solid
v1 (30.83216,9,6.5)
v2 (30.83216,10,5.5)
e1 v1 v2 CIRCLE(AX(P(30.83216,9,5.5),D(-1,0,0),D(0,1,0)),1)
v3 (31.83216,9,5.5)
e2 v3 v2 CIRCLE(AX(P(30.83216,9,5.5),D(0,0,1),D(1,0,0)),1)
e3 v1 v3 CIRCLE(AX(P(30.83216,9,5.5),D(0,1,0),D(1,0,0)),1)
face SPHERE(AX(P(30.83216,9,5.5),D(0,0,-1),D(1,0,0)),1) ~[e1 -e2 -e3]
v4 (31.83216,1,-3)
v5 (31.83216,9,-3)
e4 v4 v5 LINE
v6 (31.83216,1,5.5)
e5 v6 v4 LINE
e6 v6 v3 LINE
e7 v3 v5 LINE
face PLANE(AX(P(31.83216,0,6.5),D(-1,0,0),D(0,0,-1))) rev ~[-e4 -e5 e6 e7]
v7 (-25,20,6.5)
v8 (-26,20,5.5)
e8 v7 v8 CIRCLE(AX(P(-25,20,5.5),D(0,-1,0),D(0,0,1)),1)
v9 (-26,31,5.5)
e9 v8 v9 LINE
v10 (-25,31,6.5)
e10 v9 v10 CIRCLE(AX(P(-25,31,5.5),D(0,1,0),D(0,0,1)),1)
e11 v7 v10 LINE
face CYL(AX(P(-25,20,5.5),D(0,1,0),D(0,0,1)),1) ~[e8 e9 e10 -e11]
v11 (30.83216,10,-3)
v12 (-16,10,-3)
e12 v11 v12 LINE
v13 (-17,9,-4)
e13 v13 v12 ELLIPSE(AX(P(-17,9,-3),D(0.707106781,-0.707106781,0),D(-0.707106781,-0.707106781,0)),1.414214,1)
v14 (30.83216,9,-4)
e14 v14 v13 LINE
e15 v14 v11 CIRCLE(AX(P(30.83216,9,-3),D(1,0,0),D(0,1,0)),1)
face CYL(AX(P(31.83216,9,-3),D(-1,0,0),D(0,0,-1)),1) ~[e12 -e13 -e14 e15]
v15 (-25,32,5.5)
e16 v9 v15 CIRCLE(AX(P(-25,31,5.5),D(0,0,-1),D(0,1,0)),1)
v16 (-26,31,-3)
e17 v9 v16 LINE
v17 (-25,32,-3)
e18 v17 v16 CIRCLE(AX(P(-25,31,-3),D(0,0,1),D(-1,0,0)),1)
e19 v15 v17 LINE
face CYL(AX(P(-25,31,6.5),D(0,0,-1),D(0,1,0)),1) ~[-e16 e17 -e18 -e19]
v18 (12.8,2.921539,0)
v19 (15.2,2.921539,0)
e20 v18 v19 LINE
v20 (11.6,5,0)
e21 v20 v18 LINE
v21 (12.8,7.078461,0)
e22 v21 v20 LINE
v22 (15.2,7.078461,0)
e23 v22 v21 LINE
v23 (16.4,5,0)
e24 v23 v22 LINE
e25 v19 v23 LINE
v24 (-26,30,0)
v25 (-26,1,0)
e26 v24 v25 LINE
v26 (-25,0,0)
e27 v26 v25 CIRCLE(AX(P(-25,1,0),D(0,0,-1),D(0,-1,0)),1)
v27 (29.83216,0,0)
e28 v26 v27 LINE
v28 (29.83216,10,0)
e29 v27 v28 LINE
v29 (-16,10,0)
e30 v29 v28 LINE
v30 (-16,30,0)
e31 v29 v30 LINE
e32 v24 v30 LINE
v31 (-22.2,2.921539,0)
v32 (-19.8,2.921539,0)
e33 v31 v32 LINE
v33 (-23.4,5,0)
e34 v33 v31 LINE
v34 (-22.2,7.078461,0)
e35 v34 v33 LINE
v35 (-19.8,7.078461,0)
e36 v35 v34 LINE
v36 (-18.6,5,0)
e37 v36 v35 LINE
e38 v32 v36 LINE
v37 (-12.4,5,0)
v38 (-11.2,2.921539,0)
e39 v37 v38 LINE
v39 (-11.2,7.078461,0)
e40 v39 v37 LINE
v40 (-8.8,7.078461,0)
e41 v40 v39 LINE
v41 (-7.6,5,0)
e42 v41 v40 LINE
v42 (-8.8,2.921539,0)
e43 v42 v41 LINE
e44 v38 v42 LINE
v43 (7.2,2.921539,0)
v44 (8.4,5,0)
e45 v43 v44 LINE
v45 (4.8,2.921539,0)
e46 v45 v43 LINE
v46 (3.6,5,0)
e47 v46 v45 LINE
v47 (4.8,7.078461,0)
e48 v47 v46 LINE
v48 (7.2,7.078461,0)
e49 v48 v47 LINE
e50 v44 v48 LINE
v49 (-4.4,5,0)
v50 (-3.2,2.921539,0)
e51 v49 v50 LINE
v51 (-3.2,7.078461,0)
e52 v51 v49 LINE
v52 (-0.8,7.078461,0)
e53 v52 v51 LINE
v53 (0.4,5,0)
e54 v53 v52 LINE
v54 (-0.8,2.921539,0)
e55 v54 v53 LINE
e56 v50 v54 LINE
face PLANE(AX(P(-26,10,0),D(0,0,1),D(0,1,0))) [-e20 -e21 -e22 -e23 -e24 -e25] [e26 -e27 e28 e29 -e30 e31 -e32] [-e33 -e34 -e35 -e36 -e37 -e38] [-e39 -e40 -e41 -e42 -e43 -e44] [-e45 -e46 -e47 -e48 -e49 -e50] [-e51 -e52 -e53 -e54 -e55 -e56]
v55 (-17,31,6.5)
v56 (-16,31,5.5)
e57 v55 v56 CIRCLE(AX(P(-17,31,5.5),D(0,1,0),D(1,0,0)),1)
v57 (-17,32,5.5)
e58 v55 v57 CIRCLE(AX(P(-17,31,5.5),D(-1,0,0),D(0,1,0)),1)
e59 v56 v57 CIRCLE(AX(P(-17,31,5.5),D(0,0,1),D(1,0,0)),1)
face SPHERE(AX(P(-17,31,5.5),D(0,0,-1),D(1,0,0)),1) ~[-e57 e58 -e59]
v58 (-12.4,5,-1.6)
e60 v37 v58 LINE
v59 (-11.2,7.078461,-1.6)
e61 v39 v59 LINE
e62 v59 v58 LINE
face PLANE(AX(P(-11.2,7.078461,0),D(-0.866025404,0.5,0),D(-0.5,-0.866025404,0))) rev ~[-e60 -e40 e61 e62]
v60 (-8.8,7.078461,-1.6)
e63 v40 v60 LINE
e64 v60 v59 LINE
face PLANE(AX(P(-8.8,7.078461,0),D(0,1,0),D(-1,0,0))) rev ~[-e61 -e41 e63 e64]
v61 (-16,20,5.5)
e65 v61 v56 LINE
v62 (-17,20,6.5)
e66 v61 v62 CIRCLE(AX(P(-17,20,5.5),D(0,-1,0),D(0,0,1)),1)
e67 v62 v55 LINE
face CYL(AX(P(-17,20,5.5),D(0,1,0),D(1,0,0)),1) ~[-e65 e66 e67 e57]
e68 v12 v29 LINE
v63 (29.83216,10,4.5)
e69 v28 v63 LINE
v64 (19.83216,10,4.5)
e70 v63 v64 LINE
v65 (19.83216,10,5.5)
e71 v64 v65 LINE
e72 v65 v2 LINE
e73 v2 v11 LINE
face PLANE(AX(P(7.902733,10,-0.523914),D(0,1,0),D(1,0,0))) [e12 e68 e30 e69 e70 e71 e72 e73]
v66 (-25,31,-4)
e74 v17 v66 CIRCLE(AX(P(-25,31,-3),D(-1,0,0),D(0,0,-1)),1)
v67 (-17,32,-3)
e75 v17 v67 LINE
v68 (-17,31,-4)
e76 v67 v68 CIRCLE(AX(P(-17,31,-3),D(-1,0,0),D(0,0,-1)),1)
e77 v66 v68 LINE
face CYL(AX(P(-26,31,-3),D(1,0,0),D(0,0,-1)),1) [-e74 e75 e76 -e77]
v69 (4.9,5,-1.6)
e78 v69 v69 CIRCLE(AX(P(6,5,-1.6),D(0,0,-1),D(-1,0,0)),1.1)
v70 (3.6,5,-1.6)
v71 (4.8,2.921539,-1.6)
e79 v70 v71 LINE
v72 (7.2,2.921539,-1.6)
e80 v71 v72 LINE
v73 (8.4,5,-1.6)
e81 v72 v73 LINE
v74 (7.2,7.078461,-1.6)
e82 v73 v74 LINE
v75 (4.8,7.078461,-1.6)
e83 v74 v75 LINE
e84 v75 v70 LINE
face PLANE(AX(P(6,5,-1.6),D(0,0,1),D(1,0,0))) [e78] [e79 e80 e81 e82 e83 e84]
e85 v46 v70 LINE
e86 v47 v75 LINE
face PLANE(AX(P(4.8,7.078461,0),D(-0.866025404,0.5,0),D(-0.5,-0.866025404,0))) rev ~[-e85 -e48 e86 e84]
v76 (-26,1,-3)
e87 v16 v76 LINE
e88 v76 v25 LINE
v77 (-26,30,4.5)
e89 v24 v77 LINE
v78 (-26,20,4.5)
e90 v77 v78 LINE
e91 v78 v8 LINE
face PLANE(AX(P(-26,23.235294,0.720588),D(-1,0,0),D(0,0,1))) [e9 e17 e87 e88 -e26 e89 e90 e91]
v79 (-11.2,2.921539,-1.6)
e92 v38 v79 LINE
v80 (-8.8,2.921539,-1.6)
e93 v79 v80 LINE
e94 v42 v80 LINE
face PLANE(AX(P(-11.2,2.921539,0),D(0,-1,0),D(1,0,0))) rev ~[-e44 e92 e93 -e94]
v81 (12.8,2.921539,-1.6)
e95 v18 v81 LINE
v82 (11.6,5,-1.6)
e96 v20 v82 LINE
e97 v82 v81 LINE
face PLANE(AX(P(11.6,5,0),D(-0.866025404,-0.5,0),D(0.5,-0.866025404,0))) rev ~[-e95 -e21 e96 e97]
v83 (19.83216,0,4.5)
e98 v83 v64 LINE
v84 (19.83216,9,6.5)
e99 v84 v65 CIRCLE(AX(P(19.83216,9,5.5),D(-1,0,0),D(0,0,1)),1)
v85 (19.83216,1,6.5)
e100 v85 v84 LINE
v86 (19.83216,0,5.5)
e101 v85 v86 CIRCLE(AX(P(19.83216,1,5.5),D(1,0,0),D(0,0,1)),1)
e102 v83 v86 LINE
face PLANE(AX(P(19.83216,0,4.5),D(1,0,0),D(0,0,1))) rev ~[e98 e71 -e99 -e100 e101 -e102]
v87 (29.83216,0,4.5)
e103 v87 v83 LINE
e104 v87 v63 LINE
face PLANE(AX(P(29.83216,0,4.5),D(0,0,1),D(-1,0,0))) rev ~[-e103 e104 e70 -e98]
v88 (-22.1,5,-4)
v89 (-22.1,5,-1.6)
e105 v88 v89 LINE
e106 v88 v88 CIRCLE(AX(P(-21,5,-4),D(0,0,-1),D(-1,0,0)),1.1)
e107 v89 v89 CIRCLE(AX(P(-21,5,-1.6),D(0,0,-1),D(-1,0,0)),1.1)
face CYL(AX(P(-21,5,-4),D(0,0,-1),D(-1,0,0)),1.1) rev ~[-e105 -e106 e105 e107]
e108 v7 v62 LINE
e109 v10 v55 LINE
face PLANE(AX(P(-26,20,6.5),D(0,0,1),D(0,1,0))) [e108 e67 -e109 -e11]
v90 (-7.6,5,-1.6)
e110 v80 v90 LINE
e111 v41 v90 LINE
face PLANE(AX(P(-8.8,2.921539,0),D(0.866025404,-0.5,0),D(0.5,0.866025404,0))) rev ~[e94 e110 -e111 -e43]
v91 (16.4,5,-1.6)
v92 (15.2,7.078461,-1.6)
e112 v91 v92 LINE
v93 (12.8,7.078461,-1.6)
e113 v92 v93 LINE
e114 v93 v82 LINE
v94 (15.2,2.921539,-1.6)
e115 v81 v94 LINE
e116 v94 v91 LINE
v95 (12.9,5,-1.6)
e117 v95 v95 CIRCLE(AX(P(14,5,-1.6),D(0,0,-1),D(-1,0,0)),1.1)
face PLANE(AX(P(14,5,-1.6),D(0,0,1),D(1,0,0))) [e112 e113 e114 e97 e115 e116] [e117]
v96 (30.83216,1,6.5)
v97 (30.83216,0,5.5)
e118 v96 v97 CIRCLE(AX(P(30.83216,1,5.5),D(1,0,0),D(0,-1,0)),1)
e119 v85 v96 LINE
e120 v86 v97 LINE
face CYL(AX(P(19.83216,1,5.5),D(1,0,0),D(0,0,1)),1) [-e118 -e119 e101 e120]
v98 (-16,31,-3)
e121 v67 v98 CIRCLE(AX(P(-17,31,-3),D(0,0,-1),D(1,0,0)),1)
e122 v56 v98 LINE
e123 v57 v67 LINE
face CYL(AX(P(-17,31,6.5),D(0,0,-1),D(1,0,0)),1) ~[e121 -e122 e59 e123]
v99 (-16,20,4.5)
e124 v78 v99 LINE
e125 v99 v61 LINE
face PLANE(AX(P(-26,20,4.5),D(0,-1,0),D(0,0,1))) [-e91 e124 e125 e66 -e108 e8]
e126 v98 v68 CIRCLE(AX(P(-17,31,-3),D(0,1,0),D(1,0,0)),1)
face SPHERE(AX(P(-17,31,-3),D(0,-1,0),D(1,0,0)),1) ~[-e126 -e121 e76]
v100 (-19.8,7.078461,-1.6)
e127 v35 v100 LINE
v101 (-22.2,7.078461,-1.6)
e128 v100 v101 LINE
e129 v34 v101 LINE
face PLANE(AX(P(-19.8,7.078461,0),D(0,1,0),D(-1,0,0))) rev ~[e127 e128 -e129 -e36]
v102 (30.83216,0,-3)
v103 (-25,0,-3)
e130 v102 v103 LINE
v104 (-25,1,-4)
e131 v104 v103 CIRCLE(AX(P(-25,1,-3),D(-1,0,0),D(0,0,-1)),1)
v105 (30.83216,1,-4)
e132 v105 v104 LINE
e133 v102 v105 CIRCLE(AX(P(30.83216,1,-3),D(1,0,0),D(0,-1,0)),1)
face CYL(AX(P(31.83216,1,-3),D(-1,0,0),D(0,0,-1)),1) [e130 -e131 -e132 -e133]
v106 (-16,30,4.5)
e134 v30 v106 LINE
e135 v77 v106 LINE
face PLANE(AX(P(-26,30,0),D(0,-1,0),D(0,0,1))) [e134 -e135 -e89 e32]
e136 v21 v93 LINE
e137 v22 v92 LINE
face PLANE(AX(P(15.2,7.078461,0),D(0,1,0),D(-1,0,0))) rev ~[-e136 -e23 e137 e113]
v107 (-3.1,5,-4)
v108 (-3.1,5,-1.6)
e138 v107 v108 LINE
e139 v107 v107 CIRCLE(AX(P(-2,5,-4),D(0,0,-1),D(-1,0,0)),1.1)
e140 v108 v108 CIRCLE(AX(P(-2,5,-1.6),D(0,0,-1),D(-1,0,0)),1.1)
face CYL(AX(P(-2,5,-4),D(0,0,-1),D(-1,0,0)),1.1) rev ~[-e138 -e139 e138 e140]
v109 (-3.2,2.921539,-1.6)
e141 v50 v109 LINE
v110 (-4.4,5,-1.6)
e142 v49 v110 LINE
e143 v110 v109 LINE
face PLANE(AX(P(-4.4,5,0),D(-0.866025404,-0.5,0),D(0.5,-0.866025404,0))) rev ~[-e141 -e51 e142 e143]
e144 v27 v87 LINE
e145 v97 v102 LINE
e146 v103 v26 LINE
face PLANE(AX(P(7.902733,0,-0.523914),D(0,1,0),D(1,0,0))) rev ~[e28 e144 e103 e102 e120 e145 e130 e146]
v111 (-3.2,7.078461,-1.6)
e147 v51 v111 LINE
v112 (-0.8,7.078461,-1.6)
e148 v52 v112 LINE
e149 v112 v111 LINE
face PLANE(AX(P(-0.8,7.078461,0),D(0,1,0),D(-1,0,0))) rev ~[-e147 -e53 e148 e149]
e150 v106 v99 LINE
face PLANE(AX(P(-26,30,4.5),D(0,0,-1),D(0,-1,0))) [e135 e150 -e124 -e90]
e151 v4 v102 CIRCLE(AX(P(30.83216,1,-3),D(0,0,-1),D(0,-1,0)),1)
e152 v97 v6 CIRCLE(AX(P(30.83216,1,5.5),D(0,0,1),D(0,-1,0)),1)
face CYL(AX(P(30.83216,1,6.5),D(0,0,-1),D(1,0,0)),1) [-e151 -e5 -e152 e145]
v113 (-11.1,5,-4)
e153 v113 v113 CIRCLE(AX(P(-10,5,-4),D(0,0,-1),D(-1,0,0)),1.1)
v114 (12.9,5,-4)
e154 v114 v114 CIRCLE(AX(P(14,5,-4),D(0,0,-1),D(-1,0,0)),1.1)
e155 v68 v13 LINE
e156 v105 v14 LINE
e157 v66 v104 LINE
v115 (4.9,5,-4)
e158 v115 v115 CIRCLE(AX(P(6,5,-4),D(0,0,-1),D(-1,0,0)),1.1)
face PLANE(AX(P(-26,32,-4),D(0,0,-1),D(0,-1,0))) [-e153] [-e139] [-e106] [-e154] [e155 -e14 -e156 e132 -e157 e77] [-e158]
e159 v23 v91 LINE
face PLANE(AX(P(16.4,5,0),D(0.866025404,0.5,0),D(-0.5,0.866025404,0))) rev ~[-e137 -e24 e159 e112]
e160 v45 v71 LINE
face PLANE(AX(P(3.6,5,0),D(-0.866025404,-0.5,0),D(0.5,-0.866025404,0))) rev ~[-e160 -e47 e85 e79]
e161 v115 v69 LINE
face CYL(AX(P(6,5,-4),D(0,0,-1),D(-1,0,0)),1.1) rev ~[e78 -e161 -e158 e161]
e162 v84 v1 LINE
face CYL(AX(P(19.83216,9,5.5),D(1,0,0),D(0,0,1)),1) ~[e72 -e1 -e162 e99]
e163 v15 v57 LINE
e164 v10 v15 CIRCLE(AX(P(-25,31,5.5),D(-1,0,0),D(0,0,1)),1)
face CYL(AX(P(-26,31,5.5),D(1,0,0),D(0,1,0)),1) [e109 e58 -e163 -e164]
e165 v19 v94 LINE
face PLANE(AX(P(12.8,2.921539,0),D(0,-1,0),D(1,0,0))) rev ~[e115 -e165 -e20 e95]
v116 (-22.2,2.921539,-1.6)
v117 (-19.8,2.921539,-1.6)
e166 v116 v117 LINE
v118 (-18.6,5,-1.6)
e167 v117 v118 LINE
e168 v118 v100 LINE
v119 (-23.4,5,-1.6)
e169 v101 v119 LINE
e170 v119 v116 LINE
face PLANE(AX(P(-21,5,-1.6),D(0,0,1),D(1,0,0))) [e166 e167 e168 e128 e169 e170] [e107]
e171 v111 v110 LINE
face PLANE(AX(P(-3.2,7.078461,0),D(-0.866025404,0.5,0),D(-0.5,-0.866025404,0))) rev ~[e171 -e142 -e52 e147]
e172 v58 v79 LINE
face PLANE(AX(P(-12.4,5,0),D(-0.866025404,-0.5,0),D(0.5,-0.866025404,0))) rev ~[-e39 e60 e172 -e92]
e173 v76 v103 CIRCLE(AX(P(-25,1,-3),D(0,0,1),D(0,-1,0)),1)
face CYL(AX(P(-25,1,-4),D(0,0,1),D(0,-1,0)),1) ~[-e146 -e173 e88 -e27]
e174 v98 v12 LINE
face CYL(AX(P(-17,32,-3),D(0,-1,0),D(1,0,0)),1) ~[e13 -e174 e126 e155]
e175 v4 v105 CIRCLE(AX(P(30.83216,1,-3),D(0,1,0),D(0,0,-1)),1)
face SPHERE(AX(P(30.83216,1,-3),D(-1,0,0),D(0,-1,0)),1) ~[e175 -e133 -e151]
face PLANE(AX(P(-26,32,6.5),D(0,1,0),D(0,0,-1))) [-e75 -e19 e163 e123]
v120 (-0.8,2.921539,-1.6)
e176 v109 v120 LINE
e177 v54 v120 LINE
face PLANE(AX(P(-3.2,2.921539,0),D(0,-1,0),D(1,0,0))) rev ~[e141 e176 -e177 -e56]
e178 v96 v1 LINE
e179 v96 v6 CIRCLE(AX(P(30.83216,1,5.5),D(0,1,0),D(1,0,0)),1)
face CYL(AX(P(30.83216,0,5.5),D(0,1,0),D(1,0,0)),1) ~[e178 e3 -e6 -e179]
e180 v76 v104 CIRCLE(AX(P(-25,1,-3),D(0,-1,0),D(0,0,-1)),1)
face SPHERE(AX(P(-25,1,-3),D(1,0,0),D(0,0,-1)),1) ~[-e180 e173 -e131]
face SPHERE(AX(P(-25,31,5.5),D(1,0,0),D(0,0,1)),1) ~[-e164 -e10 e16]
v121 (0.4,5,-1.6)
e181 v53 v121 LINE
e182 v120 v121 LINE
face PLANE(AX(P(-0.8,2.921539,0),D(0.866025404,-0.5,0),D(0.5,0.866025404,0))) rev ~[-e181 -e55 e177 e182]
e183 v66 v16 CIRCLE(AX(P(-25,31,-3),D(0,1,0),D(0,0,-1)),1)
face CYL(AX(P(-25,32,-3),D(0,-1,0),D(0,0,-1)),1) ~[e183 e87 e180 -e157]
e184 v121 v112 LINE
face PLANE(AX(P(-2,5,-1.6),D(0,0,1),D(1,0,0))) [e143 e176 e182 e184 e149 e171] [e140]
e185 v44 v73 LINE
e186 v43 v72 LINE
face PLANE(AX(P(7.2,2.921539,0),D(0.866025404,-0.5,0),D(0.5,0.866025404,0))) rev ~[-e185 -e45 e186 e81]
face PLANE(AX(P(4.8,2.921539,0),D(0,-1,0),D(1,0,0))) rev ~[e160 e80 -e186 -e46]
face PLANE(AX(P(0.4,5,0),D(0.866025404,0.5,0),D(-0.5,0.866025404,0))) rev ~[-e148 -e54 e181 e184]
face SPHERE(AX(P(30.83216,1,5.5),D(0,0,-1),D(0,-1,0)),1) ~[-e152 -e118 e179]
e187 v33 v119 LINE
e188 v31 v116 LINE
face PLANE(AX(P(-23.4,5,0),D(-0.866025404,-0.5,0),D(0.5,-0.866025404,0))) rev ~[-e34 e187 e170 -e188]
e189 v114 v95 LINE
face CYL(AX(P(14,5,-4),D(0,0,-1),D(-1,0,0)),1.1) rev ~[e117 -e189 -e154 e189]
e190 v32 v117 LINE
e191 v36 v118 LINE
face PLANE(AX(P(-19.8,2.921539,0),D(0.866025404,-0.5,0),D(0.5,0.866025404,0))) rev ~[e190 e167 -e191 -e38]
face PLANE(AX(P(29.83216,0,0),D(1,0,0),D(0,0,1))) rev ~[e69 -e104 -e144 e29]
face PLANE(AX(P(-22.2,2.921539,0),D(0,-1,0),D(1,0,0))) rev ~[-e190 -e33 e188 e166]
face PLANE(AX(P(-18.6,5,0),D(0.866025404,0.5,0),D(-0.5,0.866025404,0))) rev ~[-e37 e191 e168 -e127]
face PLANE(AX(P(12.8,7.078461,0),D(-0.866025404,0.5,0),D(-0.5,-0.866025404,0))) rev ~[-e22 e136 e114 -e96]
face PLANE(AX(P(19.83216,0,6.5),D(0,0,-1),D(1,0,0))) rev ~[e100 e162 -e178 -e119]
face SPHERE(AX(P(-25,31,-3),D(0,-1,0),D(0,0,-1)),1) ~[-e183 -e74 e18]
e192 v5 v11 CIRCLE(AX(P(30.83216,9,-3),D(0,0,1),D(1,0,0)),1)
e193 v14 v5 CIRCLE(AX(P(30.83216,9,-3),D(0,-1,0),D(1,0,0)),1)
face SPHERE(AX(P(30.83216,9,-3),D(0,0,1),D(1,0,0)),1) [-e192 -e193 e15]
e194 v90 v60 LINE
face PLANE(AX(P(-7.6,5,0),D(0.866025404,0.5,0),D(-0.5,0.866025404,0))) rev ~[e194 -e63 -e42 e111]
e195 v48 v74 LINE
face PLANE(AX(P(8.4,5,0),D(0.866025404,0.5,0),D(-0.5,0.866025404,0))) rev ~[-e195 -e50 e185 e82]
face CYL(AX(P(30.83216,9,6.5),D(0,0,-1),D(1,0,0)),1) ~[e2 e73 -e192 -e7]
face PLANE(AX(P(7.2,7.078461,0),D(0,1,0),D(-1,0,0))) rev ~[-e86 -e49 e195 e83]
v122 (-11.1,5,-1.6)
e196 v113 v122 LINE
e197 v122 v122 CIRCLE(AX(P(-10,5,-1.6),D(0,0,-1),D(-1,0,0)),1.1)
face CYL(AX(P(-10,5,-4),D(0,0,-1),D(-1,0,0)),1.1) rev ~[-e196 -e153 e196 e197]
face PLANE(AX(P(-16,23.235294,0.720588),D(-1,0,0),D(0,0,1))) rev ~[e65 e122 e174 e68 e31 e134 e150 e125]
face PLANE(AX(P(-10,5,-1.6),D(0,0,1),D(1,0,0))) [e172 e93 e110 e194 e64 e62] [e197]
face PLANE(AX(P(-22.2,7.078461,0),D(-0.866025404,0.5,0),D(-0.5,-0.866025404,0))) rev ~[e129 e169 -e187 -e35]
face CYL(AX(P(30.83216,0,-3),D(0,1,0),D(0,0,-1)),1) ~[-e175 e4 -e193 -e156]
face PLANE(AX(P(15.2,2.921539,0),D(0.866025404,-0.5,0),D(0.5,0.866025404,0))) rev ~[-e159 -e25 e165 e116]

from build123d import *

# Parameters (mm, degrees)
BOSS_EXTRU_1_DEPTH      = 10
BOSS_EXTRU_2_DEPTH      = 10
CONG_1_R                = 1
ENL_V_MAT_EXTRU_1_REACH = 12.5
ESQUISSE5_R             = 1.1
ENL_V_MAT_EXTRU_2_DEPTH = 1.6


with BuildPart() as part:
    # Esquisse1 → Boss.-Extru.1 (new body)
    with BuildSketch(Plane(origin=(0, 0, 0), x_dir=(1, 0, 0), z_dir=(0, 1, 0))):
        Polygon((19.832159566, -6.5), (31.832159566, -6.5), (31.832159566, 4), (-26, 4), (-26, 0), (29.832159566, 0), (29.832159566, -4.5), (19.832159566, -4.5), align=None)
    extrude(amount=BOSS_EXTRU_1_DEPTH)

    # Esquisse4 → Boss.-Extru.2 (add)
    with BuildSketch(Plane.ZY.offset(26)):
        Polygon((-4, 10), (0, 10), (0, 30), (4.5, 30), (4.5, 20), (6.5, 20), (6.5, 32), (-4, 32), align=None)
    extrude(amount=-BOSS_EXTRU_2_DEPTH)

    # Congé1
    cong_1_edges = [part.edges().sort_by_distance(p)[0] for p in [
        (2.916079783, 0, -4),
        (31.832159566, 0, 1.25),
        (25.832159566, 0, 6.5),
        (31.832159566, 10, 1.25),
        (-26, 16, -4),
        (31.832159566, 5, -4),
        (31.832159566, 5, 6.5),
        (7.916079783, 10, -4),
        (-16, 21, -4),
        (-16, 32, 1.25),
        (-21, 32, -4),
        (-16, 26, 6.5),
        (-21, 32, 6.5),
        (-26, 26, 6.5),
        (-26, 32, 1.25),
        (25.832159566, 10, 6.5),
        (-26, 0, -2),
    ]]
    fillet(cong_1_edges, radius=CONG_1_R)

    # Esquisse5 → Enlèv. mat.-Extru.1 (cut, up to next)
    with BuildSketch(Plane(origin=(0, 0, -4), x_dir=(-1, 0, 0), z_dir=(0, 0, -1)), mode=Mode.PRIVATE) as enl_v_mat_extru_1_sk1:
        with Locations((10, 5)):
            Circle(ESQUISSE5_R)
    enl_v_mat_extru_1_tool1 = extrude(enl_v_mat_extru_1_sk1.sketch, amount=-ENL_V_MAT_EXTRU_1_REACH, mode=Mode.PRIVATE) & part.part
    add(enl_v_mat_extru_1_tool1.solids().sort_by_distance((-10, 5, -4))[0], mode=Mode.SUBTRACT)
    # Esquisse5 → Enlèv. mat.-Extru.1 (cut, up to next)
    with BuildSketch(Plane(origin=(0, 0, -4), x_dir=(-1, 0, 0), z_dir=(0, 0, -1)), mode=Mode.PRIVATE) as enl_v_mat_extru_1_sk2:
        with Locations((2, 5)):
            Circle(ESQUISSE5_R)
    enl_v_mat_extru_1_tool2 = extrude(enl_v_mat_extru_1_sk2.sketch, amount=-ENL_V_MAT_EXTRU_1_REACH, mode=Mode.PRIVATE) & part.part
    add(enl_v_mat_extru_1_tool2.solids().sort_by_distance((-2, 5, -4))[0], mode=Mode.SUBTRACT)
    # Esquisse5 → Enlèv. mat.-Extru.1 (cut, up to next)
    with BuildSketch(Plane(origin=(0, 0, -4), x_dir=(-1, 0, 0), z_dir=(0, 0, -1)), mode=Mode.PRIVATE) as enl_v_mat_extru_1_sk3:
        with Locations((-6, 5)):
            Circle(ESQUISSE5_R)
    enl_v_mat_extru_1_tool3 = extrude(enl_v_mat_extru_1_sk3.sketch, amount=-ENL_V_MAT_EXTRU_1_REACH, mode=Mode.PRIVATE) & part.part
    add(enl_v_mat_extru_1_tool3.solids().sort_by_distance((6, 5, -4))[0], mode=Mode.SUBTRACT)
    # Esquisse5 → Enlèv. mat.-Extru.1 (cut, up to next)
    with BuildSketch(Plane(origin=(0, 0, -4), x_dir=(-1, 0, 0), z_dir=(0, 0, -1)), mode=Mode.PRIVATE) as enl_v_mat_extru_1_sk4:
        with Locations((-14, 5)):
            Circle(ESQUISSE5_R)
    enl_v_mat_extru_1_tool4 = extrude(enl_v_mat_extru_1_sk4.sketch, amount=-ENL_V_MAT_EXTRU_1_REACH, mode=Mode.PRIVATE) & part.part
    add(enl_v_mat_extru_1_tool4.solids().sort_by_distance((14, 5, -4))[0], mode=Mode.SUBTRACT)
    # Esquisse5 → Enlèv. mat.-Extru.1 (cut, up to next)
    with BuildSketch(Plane(origin=(0, 0, -4), x_dir=(-1, 0, 0), z_dir=(0, 0, -1)), mode=Mode.PRIVATE) as enl_v_mat_extru_1_sk5:
        with Locations((21, 5)):
            Circle(ESQUISSE5_R)
    enl_v_mat_extru_1_tool5 = extrude(enl_v_mat_extru_1_sk5.sketch, amount=-ENL_V_MAT_EXTRU_1_REACH, mode=Mode.PRIVATE) & part.part
    add(enl_v_mat_extru_1_tool5.solids().sort_by_distance((-21, 5, -4))[0], mode=Mode.SUBTRACT)

    # Esquisse6 → Enlèv. mat.-Extru.2 (cut)
    with BuildSketch(Plane.XY):
        Polygon((12.8, 7.078460969), (11.6, 5), (12.8, 2.921539031), (15.2, 2.921539031), (16.4, 5), (15.2, 7.078460969), align=None)
        Polygon((4.8, 7.078460969), (3.6, 5), (4.8, 2.921539031), (7.2, 2.921539031), (8.4, 5), (7.2, 7.078460969), align=None)
        Polygon((-3.2, 7.078460969), (-4.4, 5), (-3.2, 2.921539031), (-0.8, 2.921539031), (0.4, 5), (-0.8, 7.078460969), align=None)
        Polygon((-11.2, 7.078460969), (-12.4, 5), (-11.2, 2.921539031), (-8.8, 2.921539031), (-7.6, 5), (-8.8, 7.078460969), align=None)
        Polygon((-22.2, 7.078460969), (-23.4, 5), (-22.2, 2.921539031), (-19.8, 2.921539031), (-18.6, 5), (-19.8, 7.078460969), align=None)
    extrude(amount=-ENL_V_MAT_EXTRU_2_DEPTH, mode=Mode.SUBTRACT)


solid = part.part
